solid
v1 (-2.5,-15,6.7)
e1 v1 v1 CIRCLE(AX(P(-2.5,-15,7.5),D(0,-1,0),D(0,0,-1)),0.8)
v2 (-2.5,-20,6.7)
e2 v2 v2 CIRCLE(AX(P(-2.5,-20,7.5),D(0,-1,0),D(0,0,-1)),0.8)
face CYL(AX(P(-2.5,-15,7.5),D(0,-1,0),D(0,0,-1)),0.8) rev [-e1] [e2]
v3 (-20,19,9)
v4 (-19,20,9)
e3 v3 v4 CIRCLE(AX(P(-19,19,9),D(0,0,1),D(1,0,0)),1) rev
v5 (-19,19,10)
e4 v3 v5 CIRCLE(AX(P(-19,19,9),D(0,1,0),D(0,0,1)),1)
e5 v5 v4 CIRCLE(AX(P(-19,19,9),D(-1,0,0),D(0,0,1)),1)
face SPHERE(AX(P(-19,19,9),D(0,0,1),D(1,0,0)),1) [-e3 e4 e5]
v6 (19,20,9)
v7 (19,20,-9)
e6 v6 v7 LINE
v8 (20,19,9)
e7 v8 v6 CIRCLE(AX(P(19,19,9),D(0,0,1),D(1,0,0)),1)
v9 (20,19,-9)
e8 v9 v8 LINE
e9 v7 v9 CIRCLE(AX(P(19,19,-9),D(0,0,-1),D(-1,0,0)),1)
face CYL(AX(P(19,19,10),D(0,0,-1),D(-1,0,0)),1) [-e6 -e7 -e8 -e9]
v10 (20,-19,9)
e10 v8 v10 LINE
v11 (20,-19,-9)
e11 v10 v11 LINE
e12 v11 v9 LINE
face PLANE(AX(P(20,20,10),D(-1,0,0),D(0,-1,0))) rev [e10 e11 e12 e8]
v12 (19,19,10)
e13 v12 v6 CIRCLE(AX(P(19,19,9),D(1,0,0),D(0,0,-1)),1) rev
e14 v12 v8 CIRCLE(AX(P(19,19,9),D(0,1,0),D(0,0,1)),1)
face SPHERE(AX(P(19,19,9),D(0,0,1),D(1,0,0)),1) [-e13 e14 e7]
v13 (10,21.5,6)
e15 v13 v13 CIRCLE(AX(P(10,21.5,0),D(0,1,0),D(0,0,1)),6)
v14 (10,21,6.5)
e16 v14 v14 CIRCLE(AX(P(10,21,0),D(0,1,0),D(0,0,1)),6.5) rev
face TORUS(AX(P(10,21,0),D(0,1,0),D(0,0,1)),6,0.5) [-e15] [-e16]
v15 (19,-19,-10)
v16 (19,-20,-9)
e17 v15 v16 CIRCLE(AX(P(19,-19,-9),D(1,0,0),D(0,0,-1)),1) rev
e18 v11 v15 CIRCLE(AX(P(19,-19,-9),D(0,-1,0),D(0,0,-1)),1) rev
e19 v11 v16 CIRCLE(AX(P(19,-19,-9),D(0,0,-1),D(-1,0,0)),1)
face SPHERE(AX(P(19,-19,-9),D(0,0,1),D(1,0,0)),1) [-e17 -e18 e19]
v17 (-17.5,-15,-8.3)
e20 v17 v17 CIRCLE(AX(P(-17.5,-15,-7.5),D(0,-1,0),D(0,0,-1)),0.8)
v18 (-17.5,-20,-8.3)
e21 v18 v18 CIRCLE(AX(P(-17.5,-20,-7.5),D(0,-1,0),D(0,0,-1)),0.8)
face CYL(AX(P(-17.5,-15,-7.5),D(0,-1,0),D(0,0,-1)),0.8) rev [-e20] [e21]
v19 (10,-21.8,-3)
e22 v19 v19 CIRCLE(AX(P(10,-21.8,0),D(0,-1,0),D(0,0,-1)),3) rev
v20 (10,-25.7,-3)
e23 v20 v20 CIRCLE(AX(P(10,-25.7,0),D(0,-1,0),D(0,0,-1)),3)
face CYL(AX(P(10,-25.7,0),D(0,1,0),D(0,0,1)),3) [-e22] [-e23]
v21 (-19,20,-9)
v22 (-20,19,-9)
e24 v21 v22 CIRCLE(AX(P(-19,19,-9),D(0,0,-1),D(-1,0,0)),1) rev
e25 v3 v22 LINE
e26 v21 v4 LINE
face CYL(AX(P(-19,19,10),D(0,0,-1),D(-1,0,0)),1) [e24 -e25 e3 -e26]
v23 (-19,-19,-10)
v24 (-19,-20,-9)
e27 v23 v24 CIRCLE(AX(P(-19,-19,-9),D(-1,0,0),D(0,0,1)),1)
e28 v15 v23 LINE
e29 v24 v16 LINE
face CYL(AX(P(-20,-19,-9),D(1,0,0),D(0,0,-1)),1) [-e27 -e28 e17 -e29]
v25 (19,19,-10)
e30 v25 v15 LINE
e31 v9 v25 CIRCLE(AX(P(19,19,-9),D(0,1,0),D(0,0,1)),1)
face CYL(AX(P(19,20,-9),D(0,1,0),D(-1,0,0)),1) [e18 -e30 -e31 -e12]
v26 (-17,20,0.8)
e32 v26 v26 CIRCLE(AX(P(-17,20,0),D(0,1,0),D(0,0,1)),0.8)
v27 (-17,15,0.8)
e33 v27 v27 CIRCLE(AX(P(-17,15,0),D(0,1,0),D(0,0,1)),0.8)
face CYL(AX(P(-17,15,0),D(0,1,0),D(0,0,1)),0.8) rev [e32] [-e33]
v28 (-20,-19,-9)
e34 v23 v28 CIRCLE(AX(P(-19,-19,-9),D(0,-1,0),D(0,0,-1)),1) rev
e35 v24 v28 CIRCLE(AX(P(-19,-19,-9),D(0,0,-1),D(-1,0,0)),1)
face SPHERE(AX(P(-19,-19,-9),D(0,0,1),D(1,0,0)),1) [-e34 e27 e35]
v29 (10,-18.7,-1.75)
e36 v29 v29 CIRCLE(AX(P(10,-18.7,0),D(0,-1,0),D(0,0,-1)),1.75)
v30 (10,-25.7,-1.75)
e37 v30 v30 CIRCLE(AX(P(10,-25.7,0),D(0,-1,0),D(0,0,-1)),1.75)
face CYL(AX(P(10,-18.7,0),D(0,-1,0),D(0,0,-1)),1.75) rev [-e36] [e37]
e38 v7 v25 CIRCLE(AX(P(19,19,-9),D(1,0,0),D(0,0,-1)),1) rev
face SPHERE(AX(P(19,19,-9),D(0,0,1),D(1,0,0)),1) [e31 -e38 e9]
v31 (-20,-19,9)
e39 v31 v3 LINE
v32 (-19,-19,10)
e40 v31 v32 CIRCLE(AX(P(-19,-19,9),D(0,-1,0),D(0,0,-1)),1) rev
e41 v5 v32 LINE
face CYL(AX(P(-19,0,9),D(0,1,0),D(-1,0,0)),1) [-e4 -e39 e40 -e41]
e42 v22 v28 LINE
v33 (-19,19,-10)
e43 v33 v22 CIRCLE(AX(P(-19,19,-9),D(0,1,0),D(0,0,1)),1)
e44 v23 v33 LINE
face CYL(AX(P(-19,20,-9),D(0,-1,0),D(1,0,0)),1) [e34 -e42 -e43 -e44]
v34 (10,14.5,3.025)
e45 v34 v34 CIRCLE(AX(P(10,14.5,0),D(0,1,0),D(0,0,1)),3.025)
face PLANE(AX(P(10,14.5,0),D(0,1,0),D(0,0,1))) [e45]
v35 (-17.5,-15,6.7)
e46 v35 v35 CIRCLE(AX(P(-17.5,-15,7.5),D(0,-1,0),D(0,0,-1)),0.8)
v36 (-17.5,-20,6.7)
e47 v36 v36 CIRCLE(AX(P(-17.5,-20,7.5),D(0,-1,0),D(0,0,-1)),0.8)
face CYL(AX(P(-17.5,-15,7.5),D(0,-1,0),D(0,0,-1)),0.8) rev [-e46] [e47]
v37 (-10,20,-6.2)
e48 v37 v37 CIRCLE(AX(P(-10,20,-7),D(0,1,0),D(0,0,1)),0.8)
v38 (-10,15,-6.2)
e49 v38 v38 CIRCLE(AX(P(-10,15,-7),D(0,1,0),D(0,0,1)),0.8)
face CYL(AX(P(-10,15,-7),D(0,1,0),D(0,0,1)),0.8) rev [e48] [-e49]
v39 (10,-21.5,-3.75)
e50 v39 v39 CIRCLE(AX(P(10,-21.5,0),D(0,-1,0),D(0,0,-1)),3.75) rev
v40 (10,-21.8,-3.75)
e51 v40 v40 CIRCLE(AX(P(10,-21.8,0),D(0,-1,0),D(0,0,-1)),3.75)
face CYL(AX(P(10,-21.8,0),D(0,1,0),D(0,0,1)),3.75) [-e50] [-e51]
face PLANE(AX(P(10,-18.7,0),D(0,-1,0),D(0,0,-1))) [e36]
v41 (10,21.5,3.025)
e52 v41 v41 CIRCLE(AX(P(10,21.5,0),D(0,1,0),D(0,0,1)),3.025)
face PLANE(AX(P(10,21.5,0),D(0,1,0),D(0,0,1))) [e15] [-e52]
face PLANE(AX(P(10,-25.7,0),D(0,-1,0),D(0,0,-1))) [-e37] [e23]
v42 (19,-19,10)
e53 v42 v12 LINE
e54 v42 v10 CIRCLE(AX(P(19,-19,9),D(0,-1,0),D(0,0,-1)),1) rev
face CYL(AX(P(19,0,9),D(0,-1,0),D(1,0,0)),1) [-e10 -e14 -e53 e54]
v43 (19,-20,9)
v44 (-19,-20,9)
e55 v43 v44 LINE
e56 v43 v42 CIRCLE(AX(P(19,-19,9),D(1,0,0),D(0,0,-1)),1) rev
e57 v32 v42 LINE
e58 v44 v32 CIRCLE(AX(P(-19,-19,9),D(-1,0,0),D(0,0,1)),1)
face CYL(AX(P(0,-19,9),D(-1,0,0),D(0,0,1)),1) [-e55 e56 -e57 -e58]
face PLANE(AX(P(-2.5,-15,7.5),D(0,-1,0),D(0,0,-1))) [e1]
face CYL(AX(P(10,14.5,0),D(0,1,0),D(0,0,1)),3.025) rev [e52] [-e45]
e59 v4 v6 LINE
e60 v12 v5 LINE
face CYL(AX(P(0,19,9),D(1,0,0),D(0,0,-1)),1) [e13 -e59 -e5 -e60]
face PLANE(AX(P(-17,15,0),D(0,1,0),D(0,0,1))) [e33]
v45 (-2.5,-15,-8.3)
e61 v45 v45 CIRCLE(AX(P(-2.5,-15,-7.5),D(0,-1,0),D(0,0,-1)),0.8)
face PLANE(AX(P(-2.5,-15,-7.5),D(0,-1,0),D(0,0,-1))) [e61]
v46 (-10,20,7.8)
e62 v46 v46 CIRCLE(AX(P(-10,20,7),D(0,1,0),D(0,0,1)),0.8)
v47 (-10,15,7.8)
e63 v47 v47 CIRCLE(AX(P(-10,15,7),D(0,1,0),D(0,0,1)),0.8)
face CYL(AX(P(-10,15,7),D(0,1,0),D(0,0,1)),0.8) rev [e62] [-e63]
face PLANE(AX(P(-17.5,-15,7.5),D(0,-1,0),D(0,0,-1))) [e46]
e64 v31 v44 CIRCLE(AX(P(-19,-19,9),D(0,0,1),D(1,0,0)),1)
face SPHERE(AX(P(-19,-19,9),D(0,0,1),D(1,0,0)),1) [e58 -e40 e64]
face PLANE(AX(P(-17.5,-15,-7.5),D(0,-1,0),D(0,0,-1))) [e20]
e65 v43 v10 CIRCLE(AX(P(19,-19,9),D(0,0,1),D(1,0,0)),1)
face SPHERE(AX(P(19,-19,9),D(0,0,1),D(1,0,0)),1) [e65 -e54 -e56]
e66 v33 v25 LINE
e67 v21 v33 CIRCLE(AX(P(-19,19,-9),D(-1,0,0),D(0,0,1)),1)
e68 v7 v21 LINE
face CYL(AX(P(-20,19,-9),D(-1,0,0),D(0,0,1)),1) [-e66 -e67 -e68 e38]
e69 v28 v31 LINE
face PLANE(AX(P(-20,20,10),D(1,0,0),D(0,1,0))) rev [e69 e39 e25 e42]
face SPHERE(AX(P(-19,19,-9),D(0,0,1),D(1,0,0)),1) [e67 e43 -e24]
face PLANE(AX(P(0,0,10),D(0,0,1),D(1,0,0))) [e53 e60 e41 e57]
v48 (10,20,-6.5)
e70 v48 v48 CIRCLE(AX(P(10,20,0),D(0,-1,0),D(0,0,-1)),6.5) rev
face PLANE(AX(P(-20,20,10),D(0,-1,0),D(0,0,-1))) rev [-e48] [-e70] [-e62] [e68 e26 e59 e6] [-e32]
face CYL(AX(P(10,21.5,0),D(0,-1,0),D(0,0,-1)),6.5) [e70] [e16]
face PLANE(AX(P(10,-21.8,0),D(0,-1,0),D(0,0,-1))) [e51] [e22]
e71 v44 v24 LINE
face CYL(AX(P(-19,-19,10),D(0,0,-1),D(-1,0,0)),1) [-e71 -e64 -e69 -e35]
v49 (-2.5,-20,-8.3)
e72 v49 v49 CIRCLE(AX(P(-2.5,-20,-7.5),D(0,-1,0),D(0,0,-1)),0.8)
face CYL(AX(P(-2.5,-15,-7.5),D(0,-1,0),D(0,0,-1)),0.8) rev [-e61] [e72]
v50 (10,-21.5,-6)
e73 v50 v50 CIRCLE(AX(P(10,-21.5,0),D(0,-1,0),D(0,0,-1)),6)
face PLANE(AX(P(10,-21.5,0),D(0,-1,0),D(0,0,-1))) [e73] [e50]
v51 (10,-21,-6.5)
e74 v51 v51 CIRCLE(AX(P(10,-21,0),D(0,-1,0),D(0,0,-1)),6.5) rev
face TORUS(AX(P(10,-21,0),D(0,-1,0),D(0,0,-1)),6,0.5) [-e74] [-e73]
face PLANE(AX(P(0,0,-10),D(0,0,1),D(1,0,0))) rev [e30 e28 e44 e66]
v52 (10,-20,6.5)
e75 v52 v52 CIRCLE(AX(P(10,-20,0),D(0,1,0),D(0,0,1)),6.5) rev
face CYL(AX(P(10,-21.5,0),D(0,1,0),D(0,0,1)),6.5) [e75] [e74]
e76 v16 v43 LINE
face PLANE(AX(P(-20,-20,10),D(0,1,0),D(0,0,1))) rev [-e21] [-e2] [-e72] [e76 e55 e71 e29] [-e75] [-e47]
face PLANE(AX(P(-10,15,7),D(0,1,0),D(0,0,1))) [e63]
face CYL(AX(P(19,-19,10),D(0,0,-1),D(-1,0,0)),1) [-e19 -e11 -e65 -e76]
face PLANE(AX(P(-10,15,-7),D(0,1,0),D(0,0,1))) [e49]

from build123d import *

# Parameters (mm, degrees)
SKETCH_1_W          = 40
SKETCH_1_H          = 40
EXTRUDE_1_DEPTH     = 10
FILLET_1_R          = 1
SKETCH_5_R          = 0.8
CUT_EXTRUDE_2_DEPTH = 5
SKETCH_6_R          = 0.8
CUT_EXTRUDE_3_DEPTH = 5
SKETCH_2_R          = 6.5
EXTRUDE_2_DEPTH     = 1.5
SKETCH_2_3_R        = 3.75
EXTRUDE_3_DEPTH     = 1.8
SKETCH_2_4_R        = 3
EXTRUDE_4_DEPTH     = 5.7
CUT_EXTRUDE_START   = 5.7
SKETCH_2_5_R        = 1.75
CUT_EXTRUDE_4_DEPTH = 7
FILLET_2_R          = 0.5
EXTRUDE_START       = 1.5
SKETCH_4_R          = 6.5
EXTRUDE_5_DEPTH     = 1.5
CUT_EXTRUDE_START_2 = 1.5
SKETCH_4_4_R        = 3.025
CUT_EXTRUDE_5_DEPTH = 7
FILLET_3_R          = 0.5


with BuildPart() as part:
    # 草图1 → 凸台-拉伸1 (new, symmetric)
    with BuildSketch(Plane.XY):
        Rectangle(SKETCH_1_W, SKETCH_1_H)
    extrude(amount=EXTRUDE_1_DEPTH, both=True)

    # 圆角1
    fillet_1_edges = [part.edges().sort_by_distance(p)[0] for p in [
        (-20, 0, 10),
        (0, -20, 10),
        (20, 0, 10),
        (0, -20, -10),
        (-20, 0, -10),
        (0, 20, -10),
        (20, 0, -10),
        (0, 20, 10),
        (20, -20, 0),
        (-20, -20, 0),
        (-20, 20, 0),
        (20, 20, 0),
    ]]
    fillet(fillet_1_edges, radius=FILLET_1_R)

    # 草图5 → 切除-拉伸2 (cut)
    with BuildSketch(Plane(origin=(0, -20, 0), x_dir=(-1, 0, 0), z_dir=(0, -1, 0))):
        with Locations(Location((17.5, -7.5, 0), (0, 0, 90))):
            Circle(SKETCH_5_R)
        with Locations(Location((2.5, -7.5, 0), (0, 0, 90))):
            Circle(SKETCH_5_R)
        with Locations(Location((2.5, 7.5, 0), (0, 0, 90))):
            Circle(SKETCH_5_R)
        with Locations(Location((17.5, 7.5, 0), (0, 0, 90))):
            Circle(SKETCH_5_R)
    extrude(amount=-CUT_EXTRUDE_2_DEPTH, mode=Mode.SUBTRACT)

    # 草图6 → 切除-拉伸3 (cut)
    with BuildSketch(Plane(origin=(0, 20, 0), x_dir=(1, 0, 0), z_dir=(0, 1, 0))):
        with Locations(Location((-10, 7, 0), (0, 0, 270))):
            Circle(SKETCH_6_R)
        with Locations(Location((-17, 0, 0), (0, 0, 270))):
            Circle(SKETCH_6_R)
        with Locations(Location((-10, -7, 0), (0, 0, 270))):
            Circle(SKETCH_6_R)
    extrude(amount=-CUT_EXTRUDE_3_DEPTH, mode=Mode.SUBTRACT)

    # 草图2 → 凸台-拉伸2 (add)
    with BuildSketch(Plane.XZ.offset(20)):
        with Locations(Location((10, 0, 0), (0, 0, 90))):
            Circle(SKETCH_2_R)
    extrude(amount=EXTRUDE_2_DEPTH)

    # 草图2<3> → 凸台-拉伸3 (add)
    with BuildSketch(Plane.XZ.offset(20)):
        with Locations(Location((10, 0, 0), (0, 0, 270))):
            Circle(SKETCH_2_3_R)
    extrude(amount=EXTRUDE_3_DEPTH)

    # 草图2<4> → 凸台-拉伸4 (add)
    with BuildSketch(Plane.XZ.offset(20)):
        with Locations(Location((10, 0, 0), (0, 0, 270))):
            Circle(SKETCH_2_4_R)
    extrude(amount=EXTRUDE_4_DEPTH)

    # 草图2<5> → 切除-拉伸4 (cut)
    with BuildSketch(Plane.XZ.offset(20).offset(CUT_EXTRUDE_START)):
        with Locations(Location((10, 0, 0), (0, 0, 270))):
            Circle(SKETCH_2_5_R)
    extrude(amount=-CUT_EXTRUDE_4_DEPTH, mode=Mode.SUBTRACT)

    # 圆角2
    fillet_2_edges = [part.edges().sort_by_distance(p)[0] for p in [
        (10, -21.5, -6.5),
    ]]
    fillet(fillet_2_edges, radius=FILLET_2_R)

    # 草图4 → 凸台-拉伸5 (add)
    with BuildSketch(Plane(origin=(0, 20, 0), x_dir=(1, 0, 0), z_dir=(0, 1, 0)).offset(EXTRUDE_START)):
        with Locations(Location((10, 0, 0), (0, 0, 270))):
            Circle(SKETCH_4_R)
    extrude(amount=-EXTRUDE_5_DEPTH)

    # 草图4<4> → 切除-拉伸5 (cut)
    with BuildSketch(Plane(origin=(0, 20, 0), x_dir=(1, 0, 0), z_dir=(0, 1, 0)).offset(CUT_EXTRUDE_START_2)):
        with Locations(Location((10, 0, 0), (0, 0, 270))):
            Circle(SKETCH_4_4_R)
    extrude(amount=-CUT_EXTRUDE_5_DEPTH, mode=Mode.SUBTRACT)

    # 圆角3
    fillet_3_edges = [part.edges().sort_by_distance(p)[0] for p in [
        (10, 21.5, -6.5),
    ]]
    fillet(fillet_3_edges, radius=FILLET_3_R)


solid = part.part
